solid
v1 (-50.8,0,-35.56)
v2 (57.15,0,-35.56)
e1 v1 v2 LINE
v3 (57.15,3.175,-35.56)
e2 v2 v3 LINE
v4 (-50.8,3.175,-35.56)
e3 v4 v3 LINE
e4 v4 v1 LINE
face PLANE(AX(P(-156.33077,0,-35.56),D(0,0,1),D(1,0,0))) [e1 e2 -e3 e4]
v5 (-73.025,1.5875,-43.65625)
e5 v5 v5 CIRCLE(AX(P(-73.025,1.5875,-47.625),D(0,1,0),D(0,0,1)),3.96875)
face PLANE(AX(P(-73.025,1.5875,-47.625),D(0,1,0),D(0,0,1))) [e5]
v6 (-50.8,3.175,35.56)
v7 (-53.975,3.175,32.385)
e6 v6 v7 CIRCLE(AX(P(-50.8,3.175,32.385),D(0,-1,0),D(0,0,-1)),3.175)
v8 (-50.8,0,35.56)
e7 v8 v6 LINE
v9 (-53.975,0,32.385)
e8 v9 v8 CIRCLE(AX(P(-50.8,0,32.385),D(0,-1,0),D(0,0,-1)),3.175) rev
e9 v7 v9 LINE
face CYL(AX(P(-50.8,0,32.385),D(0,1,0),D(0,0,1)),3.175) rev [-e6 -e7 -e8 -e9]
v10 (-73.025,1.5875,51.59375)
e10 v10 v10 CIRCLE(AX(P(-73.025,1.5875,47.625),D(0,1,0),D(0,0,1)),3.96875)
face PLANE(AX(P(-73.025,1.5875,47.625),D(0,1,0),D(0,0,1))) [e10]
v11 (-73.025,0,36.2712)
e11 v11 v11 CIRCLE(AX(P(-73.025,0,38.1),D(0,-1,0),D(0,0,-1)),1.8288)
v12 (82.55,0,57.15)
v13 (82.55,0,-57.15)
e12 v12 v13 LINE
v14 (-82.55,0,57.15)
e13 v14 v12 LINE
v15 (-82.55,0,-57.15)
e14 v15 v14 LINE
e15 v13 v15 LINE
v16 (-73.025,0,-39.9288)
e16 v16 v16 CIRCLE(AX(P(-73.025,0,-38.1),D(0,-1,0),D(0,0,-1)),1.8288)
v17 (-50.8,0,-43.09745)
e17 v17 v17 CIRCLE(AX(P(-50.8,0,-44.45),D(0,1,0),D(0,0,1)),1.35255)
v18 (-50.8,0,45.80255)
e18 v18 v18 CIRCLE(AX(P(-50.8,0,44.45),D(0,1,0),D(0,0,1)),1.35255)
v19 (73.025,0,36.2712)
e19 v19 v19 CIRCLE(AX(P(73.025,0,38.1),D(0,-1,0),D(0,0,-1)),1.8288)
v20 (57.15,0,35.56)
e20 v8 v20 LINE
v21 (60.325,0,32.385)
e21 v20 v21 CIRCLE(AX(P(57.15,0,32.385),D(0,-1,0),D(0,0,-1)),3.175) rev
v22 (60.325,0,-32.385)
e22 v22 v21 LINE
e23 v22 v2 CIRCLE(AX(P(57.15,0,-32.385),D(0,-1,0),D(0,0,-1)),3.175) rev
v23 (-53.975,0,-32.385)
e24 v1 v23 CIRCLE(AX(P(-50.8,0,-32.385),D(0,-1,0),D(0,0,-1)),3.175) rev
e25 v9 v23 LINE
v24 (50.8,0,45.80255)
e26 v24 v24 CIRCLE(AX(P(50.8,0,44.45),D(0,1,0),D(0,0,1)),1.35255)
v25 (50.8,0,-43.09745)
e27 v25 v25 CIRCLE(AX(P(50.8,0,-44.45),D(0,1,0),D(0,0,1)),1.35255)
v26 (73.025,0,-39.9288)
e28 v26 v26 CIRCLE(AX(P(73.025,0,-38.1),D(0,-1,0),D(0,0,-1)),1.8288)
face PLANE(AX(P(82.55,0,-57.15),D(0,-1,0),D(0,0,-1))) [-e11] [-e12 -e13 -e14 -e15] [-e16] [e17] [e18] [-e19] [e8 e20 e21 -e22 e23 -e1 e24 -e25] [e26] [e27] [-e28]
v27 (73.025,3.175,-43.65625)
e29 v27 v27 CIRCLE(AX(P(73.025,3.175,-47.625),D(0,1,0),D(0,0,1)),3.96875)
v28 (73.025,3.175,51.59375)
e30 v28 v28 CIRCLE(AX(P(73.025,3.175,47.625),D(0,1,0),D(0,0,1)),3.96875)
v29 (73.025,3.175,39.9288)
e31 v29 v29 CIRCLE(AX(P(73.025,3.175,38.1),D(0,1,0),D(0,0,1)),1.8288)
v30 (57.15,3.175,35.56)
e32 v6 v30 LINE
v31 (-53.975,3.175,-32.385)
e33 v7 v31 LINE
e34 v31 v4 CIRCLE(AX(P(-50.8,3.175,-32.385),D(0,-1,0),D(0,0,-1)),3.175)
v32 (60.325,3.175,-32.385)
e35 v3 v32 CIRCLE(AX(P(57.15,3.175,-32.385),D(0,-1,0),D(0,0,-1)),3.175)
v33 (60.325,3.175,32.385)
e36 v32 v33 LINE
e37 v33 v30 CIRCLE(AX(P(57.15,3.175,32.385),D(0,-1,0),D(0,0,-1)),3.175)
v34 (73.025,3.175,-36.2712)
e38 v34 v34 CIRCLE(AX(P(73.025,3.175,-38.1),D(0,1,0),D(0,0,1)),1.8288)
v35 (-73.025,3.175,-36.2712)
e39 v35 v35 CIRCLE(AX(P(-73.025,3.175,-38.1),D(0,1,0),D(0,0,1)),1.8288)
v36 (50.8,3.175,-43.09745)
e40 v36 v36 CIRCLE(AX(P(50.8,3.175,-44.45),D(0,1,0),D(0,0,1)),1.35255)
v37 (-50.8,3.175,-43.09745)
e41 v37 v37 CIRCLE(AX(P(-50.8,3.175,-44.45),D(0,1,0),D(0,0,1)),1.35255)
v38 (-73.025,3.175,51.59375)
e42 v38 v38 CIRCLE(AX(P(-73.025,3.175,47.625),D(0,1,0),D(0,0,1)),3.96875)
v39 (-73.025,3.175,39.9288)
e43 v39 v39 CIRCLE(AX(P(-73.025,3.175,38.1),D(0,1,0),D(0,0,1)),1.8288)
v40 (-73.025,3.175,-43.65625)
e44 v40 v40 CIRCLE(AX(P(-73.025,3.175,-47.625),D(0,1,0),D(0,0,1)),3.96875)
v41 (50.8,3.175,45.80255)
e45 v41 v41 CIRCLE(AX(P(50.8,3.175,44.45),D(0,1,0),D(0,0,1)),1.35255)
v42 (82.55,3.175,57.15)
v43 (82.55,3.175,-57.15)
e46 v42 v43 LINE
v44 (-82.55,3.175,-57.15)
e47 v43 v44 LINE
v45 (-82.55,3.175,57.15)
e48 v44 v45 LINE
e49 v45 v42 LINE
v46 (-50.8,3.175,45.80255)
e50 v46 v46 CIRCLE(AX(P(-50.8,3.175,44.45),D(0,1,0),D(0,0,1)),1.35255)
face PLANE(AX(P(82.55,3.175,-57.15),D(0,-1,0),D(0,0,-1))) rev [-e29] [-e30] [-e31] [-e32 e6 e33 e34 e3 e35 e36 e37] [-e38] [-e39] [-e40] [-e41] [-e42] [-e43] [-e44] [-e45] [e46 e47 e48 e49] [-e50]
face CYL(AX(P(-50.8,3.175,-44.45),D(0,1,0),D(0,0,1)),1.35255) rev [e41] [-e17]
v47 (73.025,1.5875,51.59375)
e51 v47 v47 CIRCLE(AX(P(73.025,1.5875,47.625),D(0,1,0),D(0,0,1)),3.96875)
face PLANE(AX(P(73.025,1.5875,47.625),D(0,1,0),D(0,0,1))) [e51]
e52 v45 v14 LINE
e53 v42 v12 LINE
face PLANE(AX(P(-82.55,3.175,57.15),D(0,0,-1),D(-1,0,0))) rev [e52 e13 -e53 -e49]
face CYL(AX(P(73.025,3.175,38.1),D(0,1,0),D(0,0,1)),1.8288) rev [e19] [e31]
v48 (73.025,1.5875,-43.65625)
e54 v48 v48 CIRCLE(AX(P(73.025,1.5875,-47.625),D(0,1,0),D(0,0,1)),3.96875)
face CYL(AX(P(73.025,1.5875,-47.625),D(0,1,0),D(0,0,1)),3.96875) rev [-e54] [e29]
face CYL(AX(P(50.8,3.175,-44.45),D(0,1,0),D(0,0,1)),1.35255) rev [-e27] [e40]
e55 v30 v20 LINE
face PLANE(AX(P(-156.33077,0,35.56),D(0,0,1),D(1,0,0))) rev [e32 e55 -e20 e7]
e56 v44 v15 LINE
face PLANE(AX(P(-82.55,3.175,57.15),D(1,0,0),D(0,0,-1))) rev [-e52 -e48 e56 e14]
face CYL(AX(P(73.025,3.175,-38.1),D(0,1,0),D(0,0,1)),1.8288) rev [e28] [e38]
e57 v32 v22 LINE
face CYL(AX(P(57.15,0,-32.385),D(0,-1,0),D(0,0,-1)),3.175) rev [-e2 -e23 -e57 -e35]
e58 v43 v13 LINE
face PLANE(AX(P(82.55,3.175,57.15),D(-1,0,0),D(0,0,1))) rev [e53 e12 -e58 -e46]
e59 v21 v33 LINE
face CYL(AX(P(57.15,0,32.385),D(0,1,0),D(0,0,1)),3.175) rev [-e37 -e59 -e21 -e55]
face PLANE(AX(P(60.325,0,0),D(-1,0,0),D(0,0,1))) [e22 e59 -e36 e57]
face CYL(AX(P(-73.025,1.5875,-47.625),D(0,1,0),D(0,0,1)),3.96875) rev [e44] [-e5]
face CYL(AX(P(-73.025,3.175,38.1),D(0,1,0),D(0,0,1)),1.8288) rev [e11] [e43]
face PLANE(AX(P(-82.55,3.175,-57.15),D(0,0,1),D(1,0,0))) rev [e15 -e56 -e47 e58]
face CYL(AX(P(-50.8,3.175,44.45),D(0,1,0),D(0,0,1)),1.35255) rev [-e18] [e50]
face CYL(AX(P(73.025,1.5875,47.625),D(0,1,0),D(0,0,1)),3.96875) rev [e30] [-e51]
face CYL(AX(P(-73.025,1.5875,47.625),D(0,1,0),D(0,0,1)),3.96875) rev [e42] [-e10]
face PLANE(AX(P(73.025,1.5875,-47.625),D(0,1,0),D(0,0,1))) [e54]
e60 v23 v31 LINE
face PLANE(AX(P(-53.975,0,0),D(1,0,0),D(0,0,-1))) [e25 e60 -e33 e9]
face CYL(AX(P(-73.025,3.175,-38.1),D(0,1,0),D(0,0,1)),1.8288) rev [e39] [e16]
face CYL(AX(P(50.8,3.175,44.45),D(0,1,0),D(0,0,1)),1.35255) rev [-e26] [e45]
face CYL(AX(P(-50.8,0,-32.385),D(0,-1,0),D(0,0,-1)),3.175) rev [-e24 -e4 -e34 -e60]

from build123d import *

# Parameters (mm, degrees)
SKETCH1_W                       = 165.1
SKETCH1_H                       = 114.3
BOSS_EXTRUDE1_DEPTH             = 3.175
SKETCH3_R                       = 3.96875
CUT_EXTRUDE2_DEPTH              = 1.5875
F_6_32_TAPPED_HOLE1_D           = 2.7051
SKETCH11_W                      = 107.95
SKETCH11_H                      = 71.12
SKETCH11_W_2                    = 6.35
CUT_EXTRUDE3_DEPTH              = 101.452504324
FILLET1_R                       = 3.175
F_27_0_144_DIAMETER_HOLE1_D     = 3.6576
F_27_0_144_DIAMETER_HOLE1_DEPTH = 3.302
F_27_0_144_DIAMETER_HOLE1_TIP   = 1.0988539


with BuildPart() as part:
    # Sketch1 → Boss-Extrude1 (new body)
    with BuildSketch(Plane(origin=(0, 0, 0), x_dir=(1, 0, 0), z_dir=(0, 1, 0))):
        Rectangle(SKETCH1_W, SKETCH1_H)
    extrude(amount=BOSS_EXTRUDE1_DEPTH)

    # Sketch3 → Cut-Extrude2 (cut)
    with BuildSketch(Plane(origin=(0, 3.175, 0), x_dir=(1, 0, 0), z_dir=(0, 1, 0))):
        with Locations(Location((-73.025, 47.625, 0), (0, 0, 270))):
            Circle(SKETCH3_R)
        with Locations(Location((-73.025, -47.625, 0), (0, 0, 270))):
            Circle(SKETCH3_R)
        with Locations(Location((73.025, 47.625, 0), (0, 0, 270))):
            Circle(SKETCH3_R)
        with Locations(Location((73.025, -47.625, 0), (0, 0, 270))):
            Circle(SKETCH3_R)
    extrude(amount=-CUT_EXTRUDE2_DEPTH, mode=Mode.SUBTRACT)

    # #6-32 Tapped Hole1 (through all)
    with Locations(Plane(origin=(0, 3.175, 0), x_dir=(-1, 0, 0), z_dir=(0, 1, 0))):
        with Locations((50.8, -44.45), (-50.8, -44.45), (-50.8, 44.45), (50.8, 44.45)):
            Hole(F_6_32_TAPPED_HOLE1_D / 2)

    # Sketch11 → Cut-Extrude3 (cut, through all)
    with BuildSketch(Plane(origin=(0, 3.175, 0), x_dir=(1, 0, 0), z_dir=(0, 1, 0))):
        Rectangle(SKETCH11_W, SKETCH11_H)
        with Locations((57.15, 0)):
            Rectangle(SKETCH11_W_2, SKETCH11_H)
    extrude(amount=-CUT_EXTRUDE3_DEPTH, mode=Mode.SUBTRACT)

    # Fillet1
    fillet1_edges = [part.edges().sort_by_distance(p)[0] for p in [
        (60.325, 1.5875, 35.56),
        (-53.975, 1.5875, 35.56),
        (-53.975, 1.5875, -35.56),
        (60.325, 1.5875, -35.56),
    ]]
    fillet(fillet1_edges, radius=FILLET1_R)

    # #27 (0.144) Diameter Hole1
    with Locations(Plane(origin=(0, 3.175, 0), x_dir=(-1, 0, 0), z_dir=(0, 1, 0))):
        with Locations((73.025, -38.1), (73.025, 38.1), (-73.025, -38.1), (-73.025, 38.1)):
            Hole(F_27_0_144_DIAMETER_HOLE1_D / 2, depth=F_27_0_144_DIAMETER_HOLE1_DEPTH)
            with Locations((0, 0, -(F_27_0_144_DIAMETER_HOLE1_DEPTH + F_27_0_144_DIAMETER_HOLE1_TIP / 2))):  # 118° drill point
                Cone(0, F_27_0_144_DIAMETER_HOLE1_D / 2, F_27_0_144_DIAMETER_HOLE1_TIP, mode=Mode.SUBTRACT)


solid = part.part
